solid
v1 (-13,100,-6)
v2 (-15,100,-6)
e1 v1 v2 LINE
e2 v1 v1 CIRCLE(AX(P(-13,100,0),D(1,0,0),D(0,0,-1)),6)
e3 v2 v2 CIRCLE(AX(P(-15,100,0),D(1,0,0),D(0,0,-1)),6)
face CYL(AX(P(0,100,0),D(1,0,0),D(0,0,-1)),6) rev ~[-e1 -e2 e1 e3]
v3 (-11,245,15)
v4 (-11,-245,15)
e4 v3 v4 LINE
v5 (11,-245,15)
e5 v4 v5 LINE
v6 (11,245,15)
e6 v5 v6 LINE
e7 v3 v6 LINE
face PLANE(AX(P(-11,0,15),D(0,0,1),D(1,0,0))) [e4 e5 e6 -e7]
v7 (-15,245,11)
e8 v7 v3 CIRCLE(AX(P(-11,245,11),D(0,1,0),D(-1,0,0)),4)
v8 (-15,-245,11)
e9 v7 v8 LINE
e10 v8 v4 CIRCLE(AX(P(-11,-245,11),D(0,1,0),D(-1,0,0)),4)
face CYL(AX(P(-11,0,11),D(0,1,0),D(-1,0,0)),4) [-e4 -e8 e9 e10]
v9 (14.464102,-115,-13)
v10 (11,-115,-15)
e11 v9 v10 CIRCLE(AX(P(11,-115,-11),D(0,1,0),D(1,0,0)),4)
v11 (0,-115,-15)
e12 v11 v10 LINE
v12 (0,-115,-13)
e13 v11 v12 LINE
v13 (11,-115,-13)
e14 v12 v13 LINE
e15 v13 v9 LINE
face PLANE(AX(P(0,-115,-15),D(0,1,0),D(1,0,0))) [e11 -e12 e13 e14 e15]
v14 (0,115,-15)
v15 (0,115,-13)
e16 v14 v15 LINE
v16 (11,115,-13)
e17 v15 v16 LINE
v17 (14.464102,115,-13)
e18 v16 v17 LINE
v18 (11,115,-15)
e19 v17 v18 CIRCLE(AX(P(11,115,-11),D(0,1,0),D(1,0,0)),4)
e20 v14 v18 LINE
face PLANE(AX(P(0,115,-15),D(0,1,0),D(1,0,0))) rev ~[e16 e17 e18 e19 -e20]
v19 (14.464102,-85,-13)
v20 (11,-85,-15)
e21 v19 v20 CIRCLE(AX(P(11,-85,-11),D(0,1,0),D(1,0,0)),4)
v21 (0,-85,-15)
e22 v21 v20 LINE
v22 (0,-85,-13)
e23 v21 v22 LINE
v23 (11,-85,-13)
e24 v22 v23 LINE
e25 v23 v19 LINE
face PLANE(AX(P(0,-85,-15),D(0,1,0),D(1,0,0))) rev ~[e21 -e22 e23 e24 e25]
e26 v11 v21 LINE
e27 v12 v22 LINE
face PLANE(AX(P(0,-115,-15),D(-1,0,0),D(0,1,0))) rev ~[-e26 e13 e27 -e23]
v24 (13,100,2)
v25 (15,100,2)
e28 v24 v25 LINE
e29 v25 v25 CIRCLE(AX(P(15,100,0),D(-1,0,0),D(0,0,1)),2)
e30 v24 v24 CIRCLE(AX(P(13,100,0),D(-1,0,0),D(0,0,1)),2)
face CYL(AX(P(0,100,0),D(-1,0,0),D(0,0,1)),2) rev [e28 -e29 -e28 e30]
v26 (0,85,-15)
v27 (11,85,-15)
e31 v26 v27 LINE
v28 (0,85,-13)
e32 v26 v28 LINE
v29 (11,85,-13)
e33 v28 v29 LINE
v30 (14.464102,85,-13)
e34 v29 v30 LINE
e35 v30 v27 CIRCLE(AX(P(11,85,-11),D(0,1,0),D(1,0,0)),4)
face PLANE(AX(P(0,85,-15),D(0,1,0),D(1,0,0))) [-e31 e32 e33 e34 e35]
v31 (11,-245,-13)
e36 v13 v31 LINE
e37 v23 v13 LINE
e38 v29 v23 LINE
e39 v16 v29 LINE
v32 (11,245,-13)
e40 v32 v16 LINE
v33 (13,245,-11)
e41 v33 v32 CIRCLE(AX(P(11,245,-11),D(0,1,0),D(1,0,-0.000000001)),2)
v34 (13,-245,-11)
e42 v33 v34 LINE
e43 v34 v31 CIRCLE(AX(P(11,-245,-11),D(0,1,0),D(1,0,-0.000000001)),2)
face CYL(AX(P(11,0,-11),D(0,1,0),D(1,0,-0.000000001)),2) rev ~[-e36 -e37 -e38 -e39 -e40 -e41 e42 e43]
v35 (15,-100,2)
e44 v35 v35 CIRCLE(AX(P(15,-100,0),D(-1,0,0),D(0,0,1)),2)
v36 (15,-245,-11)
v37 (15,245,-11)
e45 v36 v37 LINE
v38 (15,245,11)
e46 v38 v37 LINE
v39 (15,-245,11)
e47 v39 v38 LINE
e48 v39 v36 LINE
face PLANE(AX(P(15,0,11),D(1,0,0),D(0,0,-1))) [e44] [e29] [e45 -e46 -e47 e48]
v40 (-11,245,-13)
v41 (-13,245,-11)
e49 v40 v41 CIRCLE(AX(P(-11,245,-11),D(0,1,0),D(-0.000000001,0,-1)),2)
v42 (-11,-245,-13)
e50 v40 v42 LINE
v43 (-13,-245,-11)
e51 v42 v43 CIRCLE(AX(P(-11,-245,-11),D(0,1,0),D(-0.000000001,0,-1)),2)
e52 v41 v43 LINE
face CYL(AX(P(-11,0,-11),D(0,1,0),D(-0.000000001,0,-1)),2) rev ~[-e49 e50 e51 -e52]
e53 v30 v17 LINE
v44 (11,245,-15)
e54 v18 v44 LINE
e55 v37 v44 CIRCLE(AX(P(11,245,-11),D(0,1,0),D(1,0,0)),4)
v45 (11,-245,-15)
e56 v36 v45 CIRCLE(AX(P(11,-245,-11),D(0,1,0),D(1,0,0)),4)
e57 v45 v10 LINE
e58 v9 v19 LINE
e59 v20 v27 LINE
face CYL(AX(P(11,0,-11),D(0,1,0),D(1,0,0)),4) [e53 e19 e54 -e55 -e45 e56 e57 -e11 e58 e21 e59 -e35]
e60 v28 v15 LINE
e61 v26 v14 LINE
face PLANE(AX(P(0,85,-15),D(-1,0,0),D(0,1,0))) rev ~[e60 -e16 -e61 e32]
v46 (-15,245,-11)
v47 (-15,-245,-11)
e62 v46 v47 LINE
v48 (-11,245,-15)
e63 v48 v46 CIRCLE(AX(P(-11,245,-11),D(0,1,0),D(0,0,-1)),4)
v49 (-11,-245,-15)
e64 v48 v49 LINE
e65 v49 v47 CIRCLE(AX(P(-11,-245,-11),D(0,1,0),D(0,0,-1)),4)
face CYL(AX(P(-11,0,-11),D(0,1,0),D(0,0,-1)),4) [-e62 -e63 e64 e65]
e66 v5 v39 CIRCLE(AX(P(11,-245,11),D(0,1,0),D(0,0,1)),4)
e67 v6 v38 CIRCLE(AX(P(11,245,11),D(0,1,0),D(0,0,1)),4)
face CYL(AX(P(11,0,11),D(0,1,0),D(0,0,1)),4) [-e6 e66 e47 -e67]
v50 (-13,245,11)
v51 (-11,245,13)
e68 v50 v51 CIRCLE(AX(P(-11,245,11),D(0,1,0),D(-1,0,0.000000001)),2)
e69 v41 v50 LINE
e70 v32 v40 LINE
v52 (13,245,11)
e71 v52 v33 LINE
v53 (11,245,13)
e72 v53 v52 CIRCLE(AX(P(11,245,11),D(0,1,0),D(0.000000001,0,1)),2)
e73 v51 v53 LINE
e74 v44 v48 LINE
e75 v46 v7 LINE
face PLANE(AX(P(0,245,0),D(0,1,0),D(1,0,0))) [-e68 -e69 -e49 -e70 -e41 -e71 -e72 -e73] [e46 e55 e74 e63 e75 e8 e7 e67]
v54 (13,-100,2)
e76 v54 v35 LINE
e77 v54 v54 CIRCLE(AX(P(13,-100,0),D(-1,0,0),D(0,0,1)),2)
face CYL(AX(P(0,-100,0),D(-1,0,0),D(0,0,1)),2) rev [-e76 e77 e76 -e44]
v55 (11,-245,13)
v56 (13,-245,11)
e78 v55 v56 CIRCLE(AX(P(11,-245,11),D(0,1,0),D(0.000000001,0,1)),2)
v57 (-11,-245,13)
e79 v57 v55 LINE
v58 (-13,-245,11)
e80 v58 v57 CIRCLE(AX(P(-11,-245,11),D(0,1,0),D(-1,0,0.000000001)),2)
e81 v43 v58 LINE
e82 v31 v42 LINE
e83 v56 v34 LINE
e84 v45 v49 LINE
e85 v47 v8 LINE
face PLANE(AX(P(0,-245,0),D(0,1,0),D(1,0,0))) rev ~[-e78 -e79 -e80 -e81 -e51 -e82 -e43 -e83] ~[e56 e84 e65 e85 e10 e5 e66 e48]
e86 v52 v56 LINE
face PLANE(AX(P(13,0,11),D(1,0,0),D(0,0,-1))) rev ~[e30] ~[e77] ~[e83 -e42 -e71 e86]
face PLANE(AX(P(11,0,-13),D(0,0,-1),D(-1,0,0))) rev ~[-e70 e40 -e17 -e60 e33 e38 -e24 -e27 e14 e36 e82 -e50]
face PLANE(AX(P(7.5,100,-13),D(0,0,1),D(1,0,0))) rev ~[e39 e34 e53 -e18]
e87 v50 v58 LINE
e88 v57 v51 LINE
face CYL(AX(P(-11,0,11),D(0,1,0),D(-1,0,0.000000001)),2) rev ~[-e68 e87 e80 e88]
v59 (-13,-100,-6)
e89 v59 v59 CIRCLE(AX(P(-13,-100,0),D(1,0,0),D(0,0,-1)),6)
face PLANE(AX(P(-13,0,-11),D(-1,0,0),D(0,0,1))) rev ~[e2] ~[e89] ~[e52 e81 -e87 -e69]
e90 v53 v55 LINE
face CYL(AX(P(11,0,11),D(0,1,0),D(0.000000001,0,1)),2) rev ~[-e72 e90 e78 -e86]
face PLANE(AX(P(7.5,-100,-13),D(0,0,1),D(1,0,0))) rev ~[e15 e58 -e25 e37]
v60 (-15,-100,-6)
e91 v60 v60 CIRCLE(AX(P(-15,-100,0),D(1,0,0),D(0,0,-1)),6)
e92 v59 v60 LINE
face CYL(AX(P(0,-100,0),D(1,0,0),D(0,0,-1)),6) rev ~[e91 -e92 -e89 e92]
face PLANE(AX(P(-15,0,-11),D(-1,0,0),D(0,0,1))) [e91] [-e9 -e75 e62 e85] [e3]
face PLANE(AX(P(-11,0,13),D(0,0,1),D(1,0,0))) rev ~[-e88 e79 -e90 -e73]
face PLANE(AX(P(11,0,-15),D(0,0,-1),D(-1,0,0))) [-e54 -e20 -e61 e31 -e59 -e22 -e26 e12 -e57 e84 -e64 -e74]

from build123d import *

# Parameters (mm, degrees)
EXTRUDE_1_DEPTH     = 245
CUT_EXTRUDE_1_REACH = 247.917
SKETCH_2_R          = 2
CUT_EXTRUDE_2_REACH = 247.917
SKETCH_3_R          = 6
SKETCH_4_W          = 15
SKETCH_4_H          = 30
CUT_EXTRUDE_3_DEPTH = 2


with BuildPart() as part:
    # 草图1 → 凸台-拉伸1 (new, symmetric)
    with BuildSketch(Plane(origin=(0, 0, 0), x_dir=(1, 0, 0), z_dir=(0, 1, 0))):
        with BuildLine():
            Line((-11, -15), (11, -15))
            ThreePointArc((11, -15), (13.828427125, -13.828427125), (15, -11))
            Line((15, -11), (15, 11))
            ThreePointArc((15, 11), (13.828427125, 13.828427125), (11, 15))
            Line((11, 15), (-11, 15))
            ThreePointArc((-11, 15), (-13.828427125, 13.828427125), (-15, 11))
            Line((-15, 11), (-15, -11))
            ThreePointArc((-15, -11), (-13.828427125, -13.828427125), (-11, -15))
        make_face()
        with BuildLine():
            Line((-11, -13), (11, -13))
            ThreePointArc((11, -13), (12.414213562, -12.414213562), (13, -11))
            Line((13, -11), (13, 11))
            ThreePointArc((13, 11), (12.414213562, 12.414213562), (11, 13))
            Line((11, 13), (-11, 13))
            ThreePointArc((-11, 13), (-12.414213562, 12.414213562), (-13, 11))
            Line((-13, 11), (-13, -11))
            ThreePointArc((-13, -11), (-12.414213562, -12.414213562), (-11, -13))
        make_face(mode=Mode.SUBTRACT)
    extrude(amount=EXTRUDE_1_DEPTH, both=True)

    # 草图2 → 切除-拉伸1 (cut, up to next)
    with BuildSketch(Plane(origin=(0, 0, 0), x_dir=(0, 0, -1), z_dir=(1, 0, 0)), mode=Mode.PRIVATE) as cut_extrude_1_sk1:
        with Locations(Location((0, -100, 0), (0, 0, 180))):
            Circle(SKETCH_2_R)
    cut_extrude_1_tool1 = extrude(cut_extrude_1_sk1.sketch, amount=CUT_EXTRUDE_1_REACH, mode=Mode.PRIVATE) & part.part
    # 草图2 → 切除-拉伸1 (cut, up to next)
    with BuildSketch(Plane(origin=(0, 0, 0), x_dir=(0, 0, -1), z_dir=(1, 0, 0)), mode=Mode.PRIVATE) as cut_extrude_1_sk2:
        with Locations(Location((0, 100, 0), (0, 0, 180))):
            Circle(SKETCH_2_R)
    cut_extrude_1_tool2 = extrude(cut_extrude_1_sk2.sketch, amount=CUT_EXTRUDE_1_REACH, mode=Mode.PRIVATE) & part.part
    add(cut_extrude_1_tool1.solids().sort_by_distance((0, -100, 0))[0], mode=Mode.SUBTRACT)
    add(cut_extrude_1_tool2.solids().sort_by_distance((0, 100, 0))[0], mode=Mode.SUBTRACT)

    # 草图3 → 切除-拉伸2 (cut, up to next)
    with BuildSketch(Plane(origin=(0, 0, 0), x_dir=(0, 0, -1), z_dir=(1, 0, 0)), mode=Mode.PRIVATE) as cut_extrude_2_sk1:
        with Locations((0, -100)):
            Circle(SKETCH_3_R)
    cut_extrude_2_tool1 = extrude(cut_extrude_2_sk1.sketch, amount=-CUT_EXTRUDE_2_REACH, mode=Mode.PRIVATE) & part.part
    # 草图3 → 切除-拉伸2 (cut, up to next)
    with BuildSketch(Plane(origin=(0, 0, 0), x_dir=(0, 0, -1), z_dir=(1, 0, 0)), mode=Mode.PRIVATE) as cut_extrude_2_sk2:
        with Locations((0, 100)):
            Circle(SKETCH_3_R)
    cut_extrude_2_tool2 = extrude(cut_extrude_2_sk2.sketch, amount=-CUT_EXTRUDE_2_REACH, mode=Mode.PRIVATE) & part.part
    add(cut_extrude_2_tool1.solids().sort_by_distance((0, -100, 0))[0], mode=Mode.SUBTRACT)
    add(cut_extrude_2_tool2.solids().sort_by_distance((0, 100, 0))[0], mode=Mode.SUBTRACT)

    # 草图4 → 切除-拉伸3 (cut)
    with BuildSketch(Plane.XY.offset(-15)):
        with Locations((7.5, -100)):
            Rectangle(SKETCH_4_W, SKETCH_4_H)
        with Locations((7.5, 100)):
            Rectangle(SKETCH_4_W, SKETCH_4_H)
    extrude(amount=CUT_EXTRUDE_3_DEPTH, mode=Mode.SUBTRACT)


solid = part.part
